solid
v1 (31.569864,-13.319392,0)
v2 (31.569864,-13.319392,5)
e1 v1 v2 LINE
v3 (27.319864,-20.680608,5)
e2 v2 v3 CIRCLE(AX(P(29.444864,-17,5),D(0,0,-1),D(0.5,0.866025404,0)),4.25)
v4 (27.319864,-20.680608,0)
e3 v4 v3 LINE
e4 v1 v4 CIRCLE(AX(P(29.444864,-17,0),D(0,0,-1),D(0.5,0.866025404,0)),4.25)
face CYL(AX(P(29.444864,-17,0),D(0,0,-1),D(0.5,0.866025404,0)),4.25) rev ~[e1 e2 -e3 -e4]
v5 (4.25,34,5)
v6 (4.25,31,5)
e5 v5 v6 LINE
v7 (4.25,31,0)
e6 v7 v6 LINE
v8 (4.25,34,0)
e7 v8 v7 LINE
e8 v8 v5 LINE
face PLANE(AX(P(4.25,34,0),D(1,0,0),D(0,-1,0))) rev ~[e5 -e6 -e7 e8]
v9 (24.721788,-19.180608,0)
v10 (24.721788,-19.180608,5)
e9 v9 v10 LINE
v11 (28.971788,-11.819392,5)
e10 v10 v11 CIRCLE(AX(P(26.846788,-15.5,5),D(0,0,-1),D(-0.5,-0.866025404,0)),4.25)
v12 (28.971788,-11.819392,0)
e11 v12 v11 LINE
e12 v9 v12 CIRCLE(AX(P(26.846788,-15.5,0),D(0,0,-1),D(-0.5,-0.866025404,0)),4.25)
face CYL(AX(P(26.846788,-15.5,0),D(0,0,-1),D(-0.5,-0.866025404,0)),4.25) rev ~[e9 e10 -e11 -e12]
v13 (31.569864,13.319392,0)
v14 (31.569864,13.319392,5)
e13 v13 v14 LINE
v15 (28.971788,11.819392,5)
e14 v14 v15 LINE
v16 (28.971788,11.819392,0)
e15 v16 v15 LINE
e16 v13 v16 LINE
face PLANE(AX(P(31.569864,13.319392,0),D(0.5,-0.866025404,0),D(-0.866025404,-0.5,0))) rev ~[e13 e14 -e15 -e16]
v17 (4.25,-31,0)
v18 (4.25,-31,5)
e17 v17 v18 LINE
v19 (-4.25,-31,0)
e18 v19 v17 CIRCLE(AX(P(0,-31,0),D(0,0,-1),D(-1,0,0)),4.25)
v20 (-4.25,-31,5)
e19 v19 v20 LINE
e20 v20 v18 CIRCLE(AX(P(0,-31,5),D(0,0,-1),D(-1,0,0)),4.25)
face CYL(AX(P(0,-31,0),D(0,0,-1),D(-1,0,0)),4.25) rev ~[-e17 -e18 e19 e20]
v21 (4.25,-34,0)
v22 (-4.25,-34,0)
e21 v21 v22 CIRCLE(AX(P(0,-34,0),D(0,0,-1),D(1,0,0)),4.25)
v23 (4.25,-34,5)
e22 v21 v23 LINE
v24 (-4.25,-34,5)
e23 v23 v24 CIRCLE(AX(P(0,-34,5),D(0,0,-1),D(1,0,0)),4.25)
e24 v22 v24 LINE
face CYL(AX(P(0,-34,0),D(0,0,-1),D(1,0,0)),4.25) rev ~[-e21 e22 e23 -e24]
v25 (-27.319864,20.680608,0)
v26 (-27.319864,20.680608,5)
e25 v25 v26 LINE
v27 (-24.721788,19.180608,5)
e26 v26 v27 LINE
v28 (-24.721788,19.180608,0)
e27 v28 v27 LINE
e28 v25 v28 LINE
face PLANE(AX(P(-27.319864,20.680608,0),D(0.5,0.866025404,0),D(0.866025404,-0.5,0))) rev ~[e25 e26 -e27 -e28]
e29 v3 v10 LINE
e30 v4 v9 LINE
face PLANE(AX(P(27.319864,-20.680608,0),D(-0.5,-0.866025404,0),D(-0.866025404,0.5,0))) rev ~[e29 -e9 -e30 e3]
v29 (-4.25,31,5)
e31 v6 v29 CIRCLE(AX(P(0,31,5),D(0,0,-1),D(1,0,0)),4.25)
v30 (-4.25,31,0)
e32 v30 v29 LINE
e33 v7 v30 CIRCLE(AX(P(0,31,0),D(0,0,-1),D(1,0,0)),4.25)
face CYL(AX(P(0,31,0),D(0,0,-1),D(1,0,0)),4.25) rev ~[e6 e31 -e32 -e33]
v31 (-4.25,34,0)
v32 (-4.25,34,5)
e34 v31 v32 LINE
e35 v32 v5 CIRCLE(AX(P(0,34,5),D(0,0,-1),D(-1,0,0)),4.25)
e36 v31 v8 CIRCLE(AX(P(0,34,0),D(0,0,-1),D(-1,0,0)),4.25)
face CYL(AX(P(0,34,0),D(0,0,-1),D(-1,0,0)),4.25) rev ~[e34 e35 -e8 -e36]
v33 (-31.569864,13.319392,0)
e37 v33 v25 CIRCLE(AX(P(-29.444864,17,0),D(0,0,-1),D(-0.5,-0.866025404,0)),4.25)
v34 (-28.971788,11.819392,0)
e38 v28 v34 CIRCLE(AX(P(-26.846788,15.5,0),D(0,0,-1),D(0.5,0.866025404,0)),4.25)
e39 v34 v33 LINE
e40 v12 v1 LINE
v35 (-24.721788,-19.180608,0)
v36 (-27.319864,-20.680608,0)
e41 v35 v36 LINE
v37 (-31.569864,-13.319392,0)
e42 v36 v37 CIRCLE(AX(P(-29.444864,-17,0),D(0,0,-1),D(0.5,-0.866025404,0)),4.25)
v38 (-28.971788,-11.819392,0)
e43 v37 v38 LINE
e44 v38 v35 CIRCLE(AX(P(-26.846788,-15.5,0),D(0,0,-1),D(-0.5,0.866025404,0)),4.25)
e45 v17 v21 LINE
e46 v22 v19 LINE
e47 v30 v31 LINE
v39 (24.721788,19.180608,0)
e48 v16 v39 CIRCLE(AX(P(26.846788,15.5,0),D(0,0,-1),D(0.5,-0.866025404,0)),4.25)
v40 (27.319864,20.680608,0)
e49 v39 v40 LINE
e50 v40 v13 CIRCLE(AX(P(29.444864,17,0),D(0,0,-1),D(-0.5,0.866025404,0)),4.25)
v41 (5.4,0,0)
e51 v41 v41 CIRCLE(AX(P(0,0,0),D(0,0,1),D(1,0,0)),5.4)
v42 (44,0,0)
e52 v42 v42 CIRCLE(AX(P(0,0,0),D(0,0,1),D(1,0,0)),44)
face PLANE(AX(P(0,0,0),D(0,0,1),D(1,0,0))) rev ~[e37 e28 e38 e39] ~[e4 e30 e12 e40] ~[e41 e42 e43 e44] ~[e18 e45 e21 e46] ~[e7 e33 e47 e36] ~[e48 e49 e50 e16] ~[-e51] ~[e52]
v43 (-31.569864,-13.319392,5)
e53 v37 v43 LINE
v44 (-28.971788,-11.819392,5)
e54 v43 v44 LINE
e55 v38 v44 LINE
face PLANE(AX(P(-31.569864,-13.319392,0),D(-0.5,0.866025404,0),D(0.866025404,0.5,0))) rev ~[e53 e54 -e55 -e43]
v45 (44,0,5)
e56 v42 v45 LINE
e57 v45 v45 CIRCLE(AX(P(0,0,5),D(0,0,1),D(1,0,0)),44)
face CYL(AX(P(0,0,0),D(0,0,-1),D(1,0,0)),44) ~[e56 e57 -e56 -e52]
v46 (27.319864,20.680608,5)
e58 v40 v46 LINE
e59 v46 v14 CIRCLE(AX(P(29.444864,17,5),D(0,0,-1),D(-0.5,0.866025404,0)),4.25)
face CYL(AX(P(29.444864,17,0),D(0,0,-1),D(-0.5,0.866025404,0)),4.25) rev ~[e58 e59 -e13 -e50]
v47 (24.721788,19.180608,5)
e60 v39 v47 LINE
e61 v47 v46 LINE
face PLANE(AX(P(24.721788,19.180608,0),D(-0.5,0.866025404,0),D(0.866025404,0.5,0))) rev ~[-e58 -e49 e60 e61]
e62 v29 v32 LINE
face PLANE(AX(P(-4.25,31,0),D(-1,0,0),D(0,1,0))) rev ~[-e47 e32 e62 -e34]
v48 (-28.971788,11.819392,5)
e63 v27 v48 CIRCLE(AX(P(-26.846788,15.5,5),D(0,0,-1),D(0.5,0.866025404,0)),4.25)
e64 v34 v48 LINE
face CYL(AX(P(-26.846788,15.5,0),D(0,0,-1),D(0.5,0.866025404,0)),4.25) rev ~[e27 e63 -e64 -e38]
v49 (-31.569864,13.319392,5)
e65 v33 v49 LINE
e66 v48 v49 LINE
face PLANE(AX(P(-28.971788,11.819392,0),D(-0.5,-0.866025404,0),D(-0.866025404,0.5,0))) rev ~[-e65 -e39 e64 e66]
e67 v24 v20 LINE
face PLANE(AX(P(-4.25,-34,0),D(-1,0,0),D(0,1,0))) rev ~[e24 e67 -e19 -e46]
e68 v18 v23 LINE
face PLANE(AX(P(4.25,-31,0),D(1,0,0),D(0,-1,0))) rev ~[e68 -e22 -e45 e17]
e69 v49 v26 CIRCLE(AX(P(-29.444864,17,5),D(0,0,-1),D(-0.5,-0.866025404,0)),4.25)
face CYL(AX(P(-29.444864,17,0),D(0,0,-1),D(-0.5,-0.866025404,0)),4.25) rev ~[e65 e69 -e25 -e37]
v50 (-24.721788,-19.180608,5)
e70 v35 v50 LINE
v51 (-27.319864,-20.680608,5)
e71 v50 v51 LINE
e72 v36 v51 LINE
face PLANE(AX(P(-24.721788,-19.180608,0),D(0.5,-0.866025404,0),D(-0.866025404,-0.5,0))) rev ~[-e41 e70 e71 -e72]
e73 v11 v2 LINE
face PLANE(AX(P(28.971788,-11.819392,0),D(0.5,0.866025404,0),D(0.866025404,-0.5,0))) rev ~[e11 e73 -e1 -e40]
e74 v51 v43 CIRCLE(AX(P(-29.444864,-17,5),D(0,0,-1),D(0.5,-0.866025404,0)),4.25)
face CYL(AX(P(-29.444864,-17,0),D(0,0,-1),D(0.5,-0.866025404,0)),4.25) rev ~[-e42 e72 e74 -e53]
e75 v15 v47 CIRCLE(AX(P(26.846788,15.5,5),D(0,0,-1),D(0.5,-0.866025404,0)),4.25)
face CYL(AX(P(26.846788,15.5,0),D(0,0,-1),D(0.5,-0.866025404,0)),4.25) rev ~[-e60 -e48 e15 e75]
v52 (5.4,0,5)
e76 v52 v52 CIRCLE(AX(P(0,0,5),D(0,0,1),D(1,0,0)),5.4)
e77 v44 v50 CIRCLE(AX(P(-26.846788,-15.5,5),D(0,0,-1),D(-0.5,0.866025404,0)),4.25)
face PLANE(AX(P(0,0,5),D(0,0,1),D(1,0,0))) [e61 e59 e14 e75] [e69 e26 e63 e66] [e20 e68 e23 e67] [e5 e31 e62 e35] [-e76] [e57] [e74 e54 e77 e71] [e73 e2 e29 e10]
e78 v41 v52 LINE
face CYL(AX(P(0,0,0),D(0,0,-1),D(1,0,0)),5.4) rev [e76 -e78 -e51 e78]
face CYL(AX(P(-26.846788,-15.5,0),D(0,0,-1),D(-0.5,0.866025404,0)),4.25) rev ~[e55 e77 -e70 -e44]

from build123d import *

# Parameters (mm, degrees)
F0_R     = 44
F0_R_2   = 5.4
F1_DEPTH = 5


with BuildPart() as f1:
    # F0 (on Top) → F1 (new body)
    with BuildSketch(Plane.XY):
        Circle(F0_R)
        with BuildLine():
            ThreePointArc((-27.3198637287, -20.6806079661), (-33.1254716948, -19.125), (-31.5698637287, -13.3193920339))
            Line((-31.5698637287, -13.3193920339), (-28.9717875173, -11.8193920339))
            ThreePointArc((-28.9717875173, -11.8193920339), (-23.1661795512, -13.375), (-24.7217875173, -19.1806079661))
            Line((-24.7217875173, -19.1806079661), (-27.3198637287, -20.6806079661))
        make_face(mode=Mode.SUBTRACT)
        with BuildLine():
            ThreePointArc((4.25, -34), (0, -38.25), (-4.25, -34))
            Line((-4.25, -34), (-4.25, -31))
            ThreePointArc((-4.25, -31), (0, -26.75), (4.25, -31))
            Line((4.25, -31), (4.25, -34))
        make_face(mode=Mode.SUBTRACT)
        with BuildLine():
            ThreePointArc((31.5698637287, -13.3193920339), (33.1254716948, -19.125), (27.3198637287, -20.6806079661))
            Line((27.3198637287, -20.6806079661), (24.7217875173, -19.1806079661))
            ThreePointArc((24.7217875173, -19.1806079661), (23.1661795512, -13.375), (28.9717875173, -11.8193920339))
            Line((28.9717875173, -11.8193920339), (31.5698637287, -13.3193920339))
        make_face(mode=Mode.SUBTRACT)
        with BuildLine():
            ThreePointArc((-31.5698637287, 13.3193920339), (-33.1254716948, 19.125), (-27.3198637287, 20.6806079661))
            Line((-27.3198637287, 20.6806079661), (-24.7217875173, 19.1806079661))
            ThreePointArc((-24.7217875173, 19.1806079661), (-23.1661795512, 13.375), (-28.9717875173, 11.8193920339))
            Line((-28.9717875173, 11.8193920339), (-31.5698637287, 13.3193920339))
        make_face(mode=Mode.SUBTRACT)
        Circle(F0_R_2, mode=Mode.SUBTRACT)
        with BuildLine():
            ThreePointArc((27.3198637287, 20.6806079661), (33.1254716948, 19.125), (31.5698637287, 13.3193920339))
            Line((31.5698637287, 13.3193920339), (28.9717875173, 11.8193920339))
            ThreePointArc((28.9717875173, 11.8193920339), (23.1661795512, 13.375), (24.7217875173, 19.1806079661))
            Line((24.7217875173, 19.1806079661), (27.3198637287, 20.6806079661))
        make_face(mode=Mode.SUBTRACT)
        with BuildLine():
            ThreePointArc((-4.25, 34), (0, 38.25), (4.25, 34))
            Line((4.25, 34), (4.25, 31))
            ThreePointArc((4.25, 31), (0, 26.75), (-4.25, 31))
            Line((-4.25, 31), (-4.25, 34))
        make_face(mode=Mode.SUBTRACT)
    extrude(amount=F1_DEPTH)


solid = f1.part
